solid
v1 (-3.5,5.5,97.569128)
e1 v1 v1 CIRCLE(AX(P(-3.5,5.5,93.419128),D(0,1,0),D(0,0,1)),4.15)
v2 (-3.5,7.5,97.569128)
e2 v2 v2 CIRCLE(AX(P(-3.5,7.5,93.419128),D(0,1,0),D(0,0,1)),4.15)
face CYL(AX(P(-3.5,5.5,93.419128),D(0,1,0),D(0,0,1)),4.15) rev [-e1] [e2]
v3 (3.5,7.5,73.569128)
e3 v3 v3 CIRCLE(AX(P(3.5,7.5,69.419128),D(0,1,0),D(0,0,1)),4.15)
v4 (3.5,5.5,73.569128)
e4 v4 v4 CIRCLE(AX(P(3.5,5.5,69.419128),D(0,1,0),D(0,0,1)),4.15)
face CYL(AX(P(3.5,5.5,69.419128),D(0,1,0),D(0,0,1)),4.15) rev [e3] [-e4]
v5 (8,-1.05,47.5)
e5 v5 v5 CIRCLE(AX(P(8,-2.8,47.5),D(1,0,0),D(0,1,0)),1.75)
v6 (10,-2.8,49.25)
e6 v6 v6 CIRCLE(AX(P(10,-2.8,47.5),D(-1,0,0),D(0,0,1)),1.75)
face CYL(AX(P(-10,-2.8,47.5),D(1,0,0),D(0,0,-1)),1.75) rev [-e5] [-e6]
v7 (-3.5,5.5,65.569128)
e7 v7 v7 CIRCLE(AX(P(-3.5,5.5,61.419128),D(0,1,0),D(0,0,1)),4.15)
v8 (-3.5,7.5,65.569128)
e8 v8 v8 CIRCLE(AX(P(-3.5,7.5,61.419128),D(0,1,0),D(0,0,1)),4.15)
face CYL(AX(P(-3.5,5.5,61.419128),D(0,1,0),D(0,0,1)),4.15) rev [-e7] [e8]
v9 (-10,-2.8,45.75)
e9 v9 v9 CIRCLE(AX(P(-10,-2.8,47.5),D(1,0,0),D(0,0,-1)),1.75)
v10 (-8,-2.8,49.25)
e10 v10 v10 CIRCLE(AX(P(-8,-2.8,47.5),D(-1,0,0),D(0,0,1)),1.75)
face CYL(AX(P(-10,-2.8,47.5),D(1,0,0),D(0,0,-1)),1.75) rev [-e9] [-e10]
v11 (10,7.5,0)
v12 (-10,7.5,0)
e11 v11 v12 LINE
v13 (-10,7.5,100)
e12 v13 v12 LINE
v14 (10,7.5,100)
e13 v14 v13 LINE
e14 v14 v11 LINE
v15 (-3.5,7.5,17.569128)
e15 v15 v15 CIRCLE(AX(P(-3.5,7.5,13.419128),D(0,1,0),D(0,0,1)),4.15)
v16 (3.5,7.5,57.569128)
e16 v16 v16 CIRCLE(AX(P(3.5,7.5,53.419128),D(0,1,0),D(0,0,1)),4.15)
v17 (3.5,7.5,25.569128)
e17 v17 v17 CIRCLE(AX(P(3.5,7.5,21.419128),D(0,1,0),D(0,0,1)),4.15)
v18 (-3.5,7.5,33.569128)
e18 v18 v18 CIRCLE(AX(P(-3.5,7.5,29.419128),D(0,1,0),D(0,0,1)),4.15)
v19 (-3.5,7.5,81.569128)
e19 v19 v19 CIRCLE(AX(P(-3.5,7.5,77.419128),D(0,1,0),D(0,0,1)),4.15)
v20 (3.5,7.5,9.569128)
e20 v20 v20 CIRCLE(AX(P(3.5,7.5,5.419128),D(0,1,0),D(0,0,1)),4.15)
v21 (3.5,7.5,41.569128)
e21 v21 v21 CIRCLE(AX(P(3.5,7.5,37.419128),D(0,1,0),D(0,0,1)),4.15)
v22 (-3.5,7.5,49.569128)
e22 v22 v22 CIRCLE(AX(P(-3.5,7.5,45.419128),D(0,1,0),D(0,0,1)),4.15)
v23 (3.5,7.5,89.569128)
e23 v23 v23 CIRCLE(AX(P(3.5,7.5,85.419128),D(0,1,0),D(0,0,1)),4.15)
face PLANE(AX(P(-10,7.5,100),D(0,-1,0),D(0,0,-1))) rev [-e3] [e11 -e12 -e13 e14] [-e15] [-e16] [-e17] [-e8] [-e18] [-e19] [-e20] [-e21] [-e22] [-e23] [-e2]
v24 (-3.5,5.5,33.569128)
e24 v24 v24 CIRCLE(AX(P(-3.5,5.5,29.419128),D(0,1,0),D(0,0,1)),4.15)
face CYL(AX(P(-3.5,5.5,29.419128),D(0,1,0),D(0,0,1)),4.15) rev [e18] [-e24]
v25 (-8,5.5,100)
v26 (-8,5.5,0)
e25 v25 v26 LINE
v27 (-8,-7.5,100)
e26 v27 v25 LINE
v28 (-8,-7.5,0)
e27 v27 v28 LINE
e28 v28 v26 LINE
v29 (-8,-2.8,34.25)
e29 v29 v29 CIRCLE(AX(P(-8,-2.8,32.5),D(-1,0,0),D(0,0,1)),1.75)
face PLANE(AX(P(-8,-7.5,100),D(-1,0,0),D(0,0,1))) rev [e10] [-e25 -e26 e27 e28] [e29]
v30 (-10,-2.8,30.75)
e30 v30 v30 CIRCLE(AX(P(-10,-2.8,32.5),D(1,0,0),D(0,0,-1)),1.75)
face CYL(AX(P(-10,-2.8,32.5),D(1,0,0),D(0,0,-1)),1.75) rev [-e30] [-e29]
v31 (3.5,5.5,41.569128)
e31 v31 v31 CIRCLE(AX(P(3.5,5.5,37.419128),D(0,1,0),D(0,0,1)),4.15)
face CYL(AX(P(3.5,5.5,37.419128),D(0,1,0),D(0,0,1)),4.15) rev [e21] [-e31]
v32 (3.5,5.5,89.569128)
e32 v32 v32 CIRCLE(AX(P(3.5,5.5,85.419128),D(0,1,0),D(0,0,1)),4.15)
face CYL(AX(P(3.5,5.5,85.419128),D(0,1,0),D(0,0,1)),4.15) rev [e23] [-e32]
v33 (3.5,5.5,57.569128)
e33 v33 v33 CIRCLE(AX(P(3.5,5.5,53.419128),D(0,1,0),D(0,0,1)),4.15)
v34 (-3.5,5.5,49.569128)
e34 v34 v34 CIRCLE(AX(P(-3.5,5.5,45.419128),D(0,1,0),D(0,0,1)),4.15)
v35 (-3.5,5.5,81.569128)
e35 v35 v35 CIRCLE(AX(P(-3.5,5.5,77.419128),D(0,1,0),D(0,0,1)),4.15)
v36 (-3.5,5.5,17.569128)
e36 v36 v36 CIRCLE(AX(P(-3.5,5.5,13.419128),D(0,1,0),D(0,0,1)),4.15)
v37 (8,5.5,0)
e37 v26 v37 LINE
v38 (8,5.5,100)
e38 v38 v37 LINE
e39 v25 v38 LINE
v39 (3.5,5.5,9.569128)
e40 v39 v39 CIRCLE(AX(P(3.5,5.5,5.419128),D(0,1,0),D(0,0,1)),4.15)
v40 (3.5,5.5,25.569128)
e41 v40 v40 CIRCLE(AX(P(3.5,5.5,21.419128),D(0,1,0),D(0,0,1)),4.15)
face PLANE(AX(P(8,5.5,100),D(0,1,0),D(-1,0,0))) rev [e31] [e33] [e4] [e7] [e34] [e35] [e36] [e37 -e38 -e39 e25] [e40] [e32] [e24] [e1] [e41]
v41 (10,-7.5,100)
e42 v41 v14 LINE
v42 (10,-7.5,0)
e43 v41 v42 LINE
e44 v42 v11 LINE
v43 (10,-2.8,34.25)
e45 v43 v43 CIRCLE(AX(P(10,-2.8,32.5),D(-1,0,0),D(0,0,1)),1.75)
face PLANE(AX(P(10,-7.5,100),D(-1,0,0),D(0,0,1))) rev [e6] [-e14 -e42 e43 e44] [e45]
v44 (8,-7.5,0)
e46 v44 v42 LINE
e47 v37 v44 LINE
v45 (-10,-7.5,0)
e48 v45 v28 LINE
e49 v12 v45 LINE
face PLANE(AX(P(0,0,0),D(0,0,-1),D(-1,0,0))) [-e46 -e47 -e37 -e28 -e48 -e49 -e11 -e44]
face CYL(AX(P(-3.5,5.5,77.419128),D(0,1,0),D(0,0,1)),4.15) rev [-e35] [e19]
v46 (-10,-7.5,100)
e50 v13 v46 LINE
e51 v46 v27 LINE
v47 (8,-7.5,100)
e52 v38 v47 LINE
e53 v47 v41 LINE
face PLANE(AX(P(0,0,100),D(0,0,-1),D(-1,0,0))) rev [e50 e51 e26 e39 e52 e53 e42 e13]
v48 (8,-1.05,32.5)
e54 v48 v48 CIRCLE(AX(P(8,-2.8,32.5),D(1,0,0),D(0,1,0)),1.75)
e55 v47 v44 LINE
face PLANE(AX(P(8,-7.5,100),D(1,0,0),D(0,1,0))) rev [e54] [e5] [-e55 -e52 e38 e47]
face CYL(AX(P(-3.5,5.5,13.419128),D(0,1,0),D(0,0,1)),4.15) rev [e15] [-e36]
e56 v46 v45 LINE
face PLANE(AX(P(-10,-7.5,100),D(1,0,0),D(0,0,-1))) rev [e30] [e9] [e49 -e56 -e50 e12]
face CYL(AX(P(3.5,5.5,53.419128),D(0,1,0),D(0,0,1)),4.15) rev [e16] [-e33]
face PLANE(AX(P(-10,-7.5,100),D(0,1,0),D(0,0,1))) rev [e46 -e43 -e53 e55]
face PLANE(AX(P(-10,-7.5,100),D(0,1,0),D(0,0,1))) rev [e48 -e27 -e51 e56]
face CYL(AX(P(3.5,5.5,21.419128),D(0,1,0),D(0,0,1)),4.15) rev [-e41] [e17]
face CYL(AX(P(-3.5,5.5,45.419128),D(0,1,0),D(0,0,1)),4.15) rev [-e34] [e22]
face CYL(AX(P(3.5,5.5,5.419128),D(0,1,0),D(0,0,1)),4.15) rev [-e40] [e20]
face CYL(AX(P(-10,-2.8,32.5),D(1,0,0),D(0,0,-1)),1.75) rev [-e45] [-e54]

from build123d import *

# Parameters (mm, degrees)
CROQUIS1_W                 = 20
CROQUIS1_H                 = 15
SALIENTE_EXTRUIR1_DEPTH    = 100
CROQUIS2_W                 = 16
CROQUIS2_H                 = 13
CORTAR_EXTRUIR2_DEPTH      = 100
CROQUIS3_R                 = 4.15
CORTAR_EXTRUIR3_DEPTH      = 2
CORTAR_EXTRUIR5_DEPTH      = 103.255806681
CORTAR_EXTRUIR5_DEPTH_BACK = 103.255806681
CROQUIS4_R                 = 1.75


with BuildPart() as part:
    # Croquis1 → Saliente-Extruir1 (new body)
    with BuildSketch(Plane.XY):
        Rectangle(CROQUIS1_W, CROQUIS1_H)
    extrude(amount=SALIENTE_EXTRUIR1_DEPTH)

    # Croquis2 → Cortar-Extruir2 (cut)
    with BuildSketch(Plane(origin=(0, 0, 0), x_dir=(-1, 0, 0), z_dir=(0, 0, -1))):
        with Locations((0, -1)):
            Rectangle(CROQUIS2_W, CROQUIS2_H)
    extrude(amount=-CORTAR_EXTRUIR2_DEPTH, mode=Mode.SUBTRACT)

    # Croquis3 → Cortar-Extruir3 (cut)
    with BuildSketch(Plane(origin=(0, 7.5, 0), x_dir=(1, 0, 0), z_dir=(0, 1, 0))):
        with Locations(Location((3.5, -5.419128069, 0), (0, 0, 270))):
            Circle(CROQUIS3_R)
        with Locations(Location((-3.5, -13.419128069, 0), (0, 0, 270))):
            Circle(CROQUIS3_R)
        with Locations(Location((3.5, -21.419128069, 0), (0, 0, 270))):
            Circle(CROQUIS3_R)
        with Locations(Location((-3.5, -29.419128069, 0), (0, 0, 270))):
            Circle(CROQUIS3_R)
        with Locations(Location((3.5, -37.419128069, 0), (0, 0, 270))):
            Circle(CROQUIS3_R)
        with Locations(Location((-3.5, -45.419128069, 0), (0, 0, 270))):
            Circle(CROQUIS3_R)
        with Locations(Location((3.5, -53.419128069, 0), (0, 0, 270))):
            Circle(CROQUIS3_R)
        with Locations(Location((-3.5, -61.419128069, 0), (0, 0, 270))):
            Circle(CROQUIS3_R)
        with Locations(Location((3.5, -69.419128069, 0), (0, 0, 270))):
            Circle(CROQUIS3_R)
        with Locations(Location((-3.5, -77.419128069, 0), (0, 0, 270))):
            Circle(CROQUIS3_R)
        with Locations(Location((3.5, -85.419128069, 0), (0, 0, 270))):
            Circle(CROQUIS3_R)
        with Locations(Location((-3.5, -93.419128069, 0), (0, 0, 270))):
            Circle(CROQUIS3_R)
    extrude(amount=-CORTAR_EXTRUIR3_DEPTH, mode=Mode.SUBTRACT)

    # Croquis4 → Cortar-Extruir5 (cut, two sides: drawn at the far end of the back side and taken through both)
    with BuildSketch(Plane(origin=(10, 0, 0), x_dir=(0, 0, -1), z_dir=(1, 0, 0)).offset(-CORTAR_EXTRUIR5_DEPTH_BACK)):
        with Locations((-32.5, -2.8)):
            Circle(CROQUIS4_R)
        with Locations((-47.5, -2.8)):
            Circle(CROQUIS4_R)
    extrude(amount=CORTAR_EXTRUIR5_DEPTH + CORTAR_EXTRUIR5_DEPTH_BACK, mode=Mode.SUBTRACT)


solid = part.part
